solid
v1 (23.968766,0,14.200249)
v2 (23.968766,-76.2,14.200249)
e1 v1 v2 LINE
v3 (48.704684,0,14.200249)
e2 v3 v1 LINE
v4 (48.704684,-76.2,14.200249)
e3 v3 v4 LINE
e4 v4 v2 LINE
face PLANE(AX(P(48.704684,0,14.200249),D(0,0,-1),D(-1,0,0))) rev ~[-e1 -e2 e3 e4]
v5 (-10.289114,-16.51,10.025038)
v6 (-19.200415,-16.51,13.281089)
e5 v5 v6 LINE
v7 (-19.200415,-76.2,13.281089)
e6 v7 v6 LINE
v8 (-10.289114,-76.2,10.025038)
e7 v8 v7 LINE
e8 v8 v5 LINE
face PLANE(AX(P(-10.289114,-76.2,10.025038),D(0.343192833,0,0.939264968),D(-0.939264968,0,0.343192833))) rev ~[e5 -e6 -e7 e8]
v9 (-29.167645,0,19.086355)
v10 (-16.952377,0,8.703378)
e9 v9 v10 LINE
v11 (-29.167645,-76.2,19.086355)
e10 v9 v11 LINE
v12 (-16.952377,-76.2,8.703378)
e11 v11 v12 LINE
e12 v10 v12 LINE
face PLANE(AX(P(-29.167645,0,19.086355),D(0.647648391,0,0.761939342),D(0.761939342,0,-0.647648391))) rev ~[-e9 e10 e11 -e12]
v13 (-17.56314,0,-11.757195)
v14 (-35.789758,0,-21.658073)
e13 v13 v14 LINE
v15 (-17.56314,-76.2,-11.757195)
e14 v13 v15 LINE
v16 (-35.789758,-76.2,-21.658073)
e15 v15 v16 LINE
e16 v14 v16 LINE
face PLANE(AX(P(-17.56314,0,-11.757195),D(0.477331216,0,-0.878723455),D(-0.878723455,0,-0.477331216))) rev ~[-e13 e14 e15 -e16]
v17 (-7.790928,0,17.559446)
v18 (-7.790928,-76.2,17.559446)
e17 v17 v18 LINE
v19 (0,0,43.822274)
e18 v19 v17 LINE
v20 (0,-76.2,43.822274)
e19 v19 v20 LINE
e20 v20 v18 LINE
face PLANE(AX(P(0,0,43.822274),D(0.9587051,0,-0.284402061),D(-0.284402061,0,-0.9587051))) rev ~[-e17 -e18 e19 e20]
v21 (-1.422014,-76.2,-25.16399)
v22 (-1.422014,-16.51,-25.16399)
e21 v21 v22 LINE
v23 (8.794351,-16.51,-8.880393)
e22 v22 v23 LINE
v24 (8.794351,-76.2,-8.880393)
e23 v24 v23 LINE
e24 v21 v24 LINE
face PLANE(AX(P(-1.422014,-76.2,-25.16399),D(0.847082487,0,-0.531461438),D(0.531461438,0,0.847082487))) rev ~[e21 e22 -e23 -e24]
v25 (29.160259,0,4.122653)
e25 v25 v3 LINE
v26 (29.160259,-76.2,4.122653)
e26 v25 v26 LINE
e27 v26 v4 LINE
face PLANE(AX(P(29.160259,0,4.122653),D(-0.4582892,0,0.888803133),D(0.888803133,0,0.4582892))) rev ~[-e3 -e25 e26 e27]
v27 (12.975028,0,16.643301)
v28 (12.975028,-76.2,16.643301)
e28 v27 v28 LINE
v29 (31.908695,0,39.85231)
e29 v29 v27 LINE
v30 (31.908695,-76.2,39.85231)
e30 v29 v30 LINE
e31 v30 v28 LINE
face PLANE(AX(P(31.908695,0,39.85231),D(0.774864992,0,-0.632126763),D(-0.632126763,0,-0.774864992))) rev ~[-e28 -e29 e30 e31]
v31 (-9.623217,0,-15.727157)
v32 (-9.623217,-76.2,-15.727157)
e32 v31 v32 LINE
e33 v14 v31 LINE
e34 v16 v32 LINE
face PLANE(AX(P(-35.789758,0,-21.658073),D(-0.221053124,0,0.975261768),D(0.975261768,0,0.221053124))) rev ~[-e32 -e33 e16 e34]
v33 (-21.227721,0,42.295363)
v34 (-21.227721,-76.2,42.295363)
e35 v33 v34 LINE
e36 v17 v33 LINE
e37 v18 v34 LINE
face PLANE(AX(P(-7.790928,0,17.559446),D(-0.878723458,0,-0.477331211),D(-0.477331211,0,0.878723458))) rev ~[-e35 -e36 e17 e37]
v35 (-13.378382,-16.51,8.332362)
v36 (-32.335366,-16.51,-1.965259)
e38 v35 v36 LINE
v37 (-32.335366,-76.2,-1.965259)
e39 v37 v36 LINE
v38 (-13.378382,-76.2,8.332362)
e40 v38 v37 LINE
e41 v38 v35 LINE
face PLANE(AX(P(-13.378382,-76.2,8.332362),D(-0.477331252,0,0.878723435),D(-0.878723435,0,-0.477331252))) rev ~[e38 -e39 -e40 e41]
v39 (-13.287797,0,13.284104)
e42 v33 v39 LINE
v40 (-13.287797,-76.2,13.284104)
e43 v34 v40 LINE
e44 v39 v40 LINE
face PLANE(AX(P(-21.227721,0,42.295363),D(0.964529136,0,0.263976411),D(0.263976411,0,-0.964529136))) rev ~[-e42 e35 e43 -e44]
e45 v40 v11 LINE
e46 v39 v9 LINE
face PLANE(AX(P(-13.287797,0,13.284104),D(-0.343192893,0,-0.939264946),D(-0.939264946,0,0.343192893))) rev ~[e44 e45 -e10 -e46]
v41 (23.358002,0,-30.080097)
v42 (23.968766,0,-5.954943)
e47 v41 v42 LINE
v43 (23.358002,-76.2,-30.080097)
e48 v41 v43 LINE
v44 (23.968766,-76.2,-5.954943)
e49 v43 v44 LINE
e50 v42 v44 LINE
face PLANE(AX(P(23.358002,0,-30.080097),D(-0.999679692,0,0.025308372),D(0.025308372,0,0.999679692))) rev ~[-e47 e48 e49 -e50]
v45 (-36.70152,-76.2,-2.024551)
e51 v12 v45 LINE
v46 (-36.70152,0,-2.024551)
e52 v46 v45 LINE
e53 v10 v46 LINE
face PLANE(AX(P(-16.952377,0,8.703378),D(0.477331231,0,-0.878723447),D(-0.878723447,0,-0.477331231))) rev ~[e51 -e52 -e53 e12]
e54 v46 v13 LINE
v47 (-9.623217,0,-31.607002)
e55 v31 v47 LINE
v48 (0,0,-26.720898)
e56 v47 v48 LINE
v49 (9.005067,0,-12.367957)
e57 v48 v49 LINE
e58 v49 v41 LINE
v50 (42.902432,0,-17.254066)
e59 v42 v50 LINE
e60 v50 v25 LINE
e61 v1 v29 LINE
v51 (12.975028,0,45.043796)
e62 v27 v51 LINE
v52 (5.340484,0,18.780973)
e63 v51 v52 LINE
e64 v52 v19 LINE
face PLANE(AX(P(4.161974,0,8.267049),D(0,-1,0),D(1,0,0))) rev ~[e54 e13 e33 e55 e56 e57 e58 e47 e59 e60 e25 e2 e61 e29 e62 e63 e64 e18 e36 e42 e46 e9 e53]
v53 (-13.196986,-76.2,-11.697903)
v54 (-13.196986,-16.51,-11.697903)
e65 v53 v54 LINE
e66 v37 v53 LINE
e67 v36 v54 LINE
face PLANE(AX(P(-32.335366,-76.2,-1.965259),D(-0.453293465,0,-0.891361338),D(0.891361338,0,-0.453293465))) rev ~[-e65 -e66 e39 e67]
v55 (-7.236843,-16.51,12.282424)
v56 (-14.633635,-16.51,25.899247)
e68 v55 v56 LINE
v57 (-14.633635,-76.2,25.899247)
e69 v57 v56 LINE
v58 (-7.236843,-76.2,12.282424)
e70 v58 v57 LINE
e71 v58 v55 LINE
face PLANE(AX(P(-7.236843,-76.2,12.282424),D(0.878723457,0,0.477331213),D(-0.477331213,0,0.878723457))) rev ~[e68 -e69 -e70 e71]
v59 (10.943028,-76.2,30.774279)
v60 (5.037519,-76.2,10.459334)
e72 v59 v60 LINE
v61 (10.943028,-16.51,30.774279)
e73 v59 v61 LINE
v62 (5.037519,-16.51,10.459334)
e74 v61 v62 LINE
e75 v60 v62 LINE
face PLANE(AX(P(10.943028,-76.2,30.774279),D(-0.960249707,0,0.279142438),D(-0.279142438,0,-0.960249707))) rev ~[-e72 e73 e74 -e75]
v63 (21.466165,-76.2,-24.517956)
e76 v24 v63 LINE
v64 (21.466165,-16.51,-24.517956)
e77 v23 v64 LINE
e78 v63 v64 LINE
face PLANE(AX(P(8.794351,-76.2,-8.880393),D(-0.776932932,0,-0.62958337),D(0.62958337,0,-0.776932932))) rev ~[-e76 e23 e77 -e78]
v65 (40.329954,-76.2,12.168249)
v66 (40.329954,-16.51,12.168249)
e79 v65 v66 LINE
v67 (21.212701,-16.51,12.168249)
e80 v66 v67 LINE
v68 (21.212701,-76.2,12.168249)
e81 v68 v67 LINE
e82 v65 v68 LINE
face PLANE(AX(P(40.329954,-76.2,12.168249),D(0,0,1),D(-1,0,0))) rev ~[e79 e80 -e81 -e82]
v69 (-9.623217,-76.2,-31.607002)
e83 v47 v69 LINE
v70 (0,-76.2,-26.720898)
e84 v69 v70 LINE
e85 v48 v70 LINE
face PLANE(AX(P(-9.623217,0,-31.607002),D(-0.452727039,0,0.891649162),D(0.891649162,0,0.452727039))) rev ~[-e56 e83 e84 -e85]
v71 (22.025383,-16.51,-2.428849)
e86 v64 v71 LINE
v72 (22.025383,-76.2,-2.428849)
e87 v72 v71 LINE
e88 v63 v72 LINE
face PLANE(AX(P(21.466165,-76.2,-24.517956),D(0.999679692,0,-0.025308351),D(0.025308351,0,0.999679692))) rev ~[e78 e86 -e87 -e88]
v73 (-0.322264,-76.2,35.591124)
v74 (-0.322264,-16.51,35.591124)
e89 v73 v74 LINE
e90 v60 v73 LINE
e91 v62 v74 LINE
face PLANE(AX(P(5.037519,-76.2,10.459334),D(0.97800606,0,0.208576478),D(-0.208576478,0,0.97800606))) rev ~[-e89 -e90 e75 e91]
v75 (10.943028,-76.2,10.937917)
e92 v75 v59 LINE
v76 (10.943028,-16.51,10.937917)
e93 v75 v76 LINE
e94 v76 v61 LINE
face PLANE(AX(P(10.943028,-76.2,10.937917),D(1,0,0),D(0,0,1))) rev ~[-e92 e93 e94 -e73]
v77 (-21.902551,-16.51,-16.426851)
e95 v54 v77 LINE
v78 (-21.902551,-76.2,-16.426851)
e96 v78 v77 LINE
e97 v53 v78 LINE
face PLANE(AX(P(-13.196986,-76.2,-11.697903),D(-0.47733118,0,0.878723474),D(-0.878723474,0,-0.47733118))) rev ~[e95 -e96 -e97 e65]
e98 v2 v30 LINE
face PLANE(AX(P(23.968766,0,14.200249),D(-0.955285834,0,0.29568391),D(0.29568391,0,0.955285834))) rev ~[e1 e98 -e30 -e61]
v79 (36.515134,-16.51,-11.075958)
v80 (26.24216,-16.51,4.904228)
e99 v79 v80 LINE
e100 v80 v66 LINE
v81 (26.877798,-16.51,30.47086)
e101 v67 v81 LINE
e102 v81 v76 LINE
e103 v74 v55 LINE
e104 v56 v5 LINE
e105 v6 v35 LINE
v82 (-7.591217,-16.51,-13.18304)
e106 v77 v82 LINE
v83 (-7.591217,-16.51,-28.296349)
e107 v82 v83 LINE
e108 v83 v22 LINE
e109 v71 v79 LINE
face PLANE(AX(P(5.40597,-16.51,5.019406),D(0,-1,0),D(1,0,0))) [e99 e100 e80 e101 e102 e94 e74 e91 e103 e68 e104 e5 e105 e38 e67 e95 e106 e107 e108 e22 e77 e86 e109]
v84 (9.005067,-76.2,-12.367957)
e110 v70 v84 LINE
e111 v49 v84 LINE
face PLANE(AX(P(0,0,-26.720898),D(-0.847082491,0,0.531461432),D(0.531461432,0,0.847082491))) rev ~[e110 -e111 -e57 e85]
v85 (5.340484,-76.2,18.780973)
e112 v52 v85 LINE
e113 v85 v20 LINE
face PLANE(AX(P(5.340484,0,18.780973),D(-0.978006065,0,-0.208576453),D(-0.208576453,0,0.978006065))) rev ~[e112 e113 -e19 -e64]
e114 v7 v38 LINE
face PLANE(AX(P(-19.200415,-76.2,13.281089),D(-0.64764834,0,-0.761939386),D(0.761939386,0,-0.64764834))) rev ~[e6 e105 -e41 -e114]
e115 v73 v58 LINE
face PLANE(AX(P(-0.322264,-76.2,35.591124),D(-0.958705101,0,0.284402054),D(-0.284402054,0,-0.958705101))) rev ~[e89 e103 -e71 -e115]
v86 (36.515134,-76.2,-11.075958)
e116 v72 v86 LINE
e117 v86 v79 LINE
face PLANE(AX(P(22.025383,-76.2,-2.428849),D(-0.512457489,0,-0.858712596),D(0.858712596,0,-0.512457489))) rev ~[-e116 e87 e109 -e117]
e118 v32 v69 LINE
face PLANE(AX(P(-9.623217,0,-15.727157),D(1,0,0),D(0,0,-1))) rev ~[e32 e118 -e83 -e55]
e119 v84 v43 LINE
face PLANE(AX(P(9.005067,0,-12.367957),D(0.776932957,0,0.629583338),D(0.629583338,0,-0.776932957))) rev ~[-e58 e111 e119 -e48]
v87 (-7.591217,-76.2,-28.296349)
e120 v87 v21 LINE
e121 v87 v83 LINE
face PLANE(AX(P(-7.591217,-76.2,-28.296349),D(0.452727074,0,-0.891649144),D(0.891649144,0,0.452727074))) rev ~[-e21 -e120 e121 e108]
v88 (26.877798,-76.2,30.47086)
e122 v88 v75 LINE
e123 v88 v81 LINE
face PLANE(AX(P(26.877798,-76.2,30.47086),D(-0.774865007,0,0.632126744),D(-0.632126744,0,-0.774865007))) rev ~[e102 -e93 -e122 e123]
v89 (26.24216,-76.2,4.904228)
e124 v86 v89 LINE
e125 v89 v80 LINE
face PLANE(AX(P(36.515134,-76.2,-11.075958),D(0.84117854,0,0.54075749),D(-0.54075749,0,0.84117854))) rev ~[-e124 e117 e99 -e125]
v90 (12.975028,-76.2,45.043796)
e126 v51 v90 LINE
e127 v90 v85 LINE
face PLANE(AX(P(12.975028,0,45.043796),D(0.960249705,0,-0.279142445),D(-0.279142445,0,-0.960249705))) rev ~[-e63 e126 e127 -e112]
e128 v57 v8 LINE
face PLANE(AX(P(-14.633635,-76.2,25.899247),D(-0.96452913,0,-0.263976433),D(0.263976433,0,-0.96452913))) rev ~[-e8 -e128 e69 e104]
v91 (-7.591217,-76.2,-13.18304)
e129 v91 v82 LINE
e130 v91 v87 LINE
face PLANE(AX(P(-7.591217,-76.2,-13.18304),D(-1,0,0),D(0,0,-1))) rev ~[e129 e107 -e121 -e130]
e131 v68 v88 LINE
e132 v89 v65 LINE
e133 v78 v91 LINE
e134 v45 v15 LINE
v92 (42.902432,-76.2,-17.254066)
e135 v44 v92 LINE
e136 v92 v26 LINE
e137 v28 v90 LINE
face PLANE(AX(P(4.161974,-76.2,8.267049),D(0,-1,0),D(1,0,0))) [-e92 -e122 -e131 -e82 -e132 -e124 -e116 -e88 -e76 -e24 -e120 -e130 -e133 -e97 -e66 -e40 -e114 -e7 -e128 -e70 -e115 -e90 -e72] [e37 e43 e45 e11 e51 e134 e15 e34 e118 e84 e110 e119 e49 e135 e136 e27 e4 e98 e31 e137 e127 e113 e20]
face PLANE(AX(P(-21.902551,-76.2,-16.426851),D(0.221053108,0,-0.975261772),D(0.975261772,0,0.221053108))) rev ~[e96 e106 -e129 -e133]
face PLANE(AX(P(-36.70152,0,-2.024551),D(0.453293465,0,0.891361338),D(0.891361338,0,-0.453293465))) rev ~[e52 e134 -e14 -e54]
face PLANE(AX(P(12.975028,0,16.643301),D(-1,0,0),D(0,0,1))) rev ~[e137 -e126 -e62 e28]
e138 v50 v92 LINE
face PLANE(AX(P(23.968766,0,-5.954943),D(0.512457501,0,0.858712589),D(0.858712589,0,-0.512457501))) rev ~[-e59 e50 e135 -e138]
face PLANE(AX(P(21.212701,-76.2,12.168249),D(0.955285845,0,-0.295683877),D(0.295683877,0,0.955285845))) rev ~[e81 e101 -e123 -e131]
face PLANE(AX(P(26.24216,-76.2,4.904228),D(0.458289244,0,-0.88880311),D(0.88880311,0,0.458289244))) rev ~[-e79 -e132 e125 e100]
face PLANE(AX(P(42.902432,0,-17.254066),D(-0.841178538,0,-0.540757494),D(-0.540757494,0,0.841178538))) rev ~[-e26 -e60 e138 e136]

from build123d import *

# Parameters (mm, degrees)
F1_DEPTH = 76.2
F3_DEPTH = 59.69


with BuildPart() as f1:
    # F0 (on Front) → F1 (new body)
    with BuildSketch(Plane.XZ):
        Polygon((-9.623217, -31.607002), (0, -26.720898), (9.005067, -12.367957), (23.358002, -30.080097), (23.968766, -5.954943), (42.902432, -17.254066), (29.160259, 4.122653), (48.704684, 14.200249), (23.968766, 14.200249), (31.908695, 39.85231), (12.975028, 16.643301), (12.975028, 45.043796), (5.340484, 18.780973), (0, 43.822274), (-7.790928, 17.559446), (-21.227721, 42.295363), (-13.287797, 13.284104), (-29.167645, 19.086355), (-16.952377, 8.703378), (-36.70152, -2.024551), (-17.56314, -11.757195), (-35.789758, -21.658073), (-9.623217, -15.727157), align=None)
    extrude(amount=F1_DEPTH)

    # F2 (on face) → F3 (cut)
    with BuildSketch(Plane.XZ.offset(76.2)):
        Polygon((21.212701, 12.168249), (26.877798, 30.47086), (10.943028, 10.937917), (10.943028, 30.774279), (5.037519, 10.459334), (-0.322264, 35.591124), (-7.236843, 12.282424), (-14.633635, 25.899247), (-10.289114, 10.025038), (-19.200415, 13.281089), (-13.378382, 8.332362), (-32.335366, -1.965259), (-13.196986, -11.697903), (-21.902551, -16.426851), (-7.591217, -13.18304), (-7.591217, -28.296349), (-1.422014, -25.16399), (8.794351, -8.880393), (21.466165, -24.517956), (22.025383, -2.428849), (36.515134, -11.075958), (26.24216, 4.904228), (40.329954, 12.168249), align=None)
    extrude(amount=-F3_DEPTH, mode=Mode.SUBTRACT)


solid = f1.part
